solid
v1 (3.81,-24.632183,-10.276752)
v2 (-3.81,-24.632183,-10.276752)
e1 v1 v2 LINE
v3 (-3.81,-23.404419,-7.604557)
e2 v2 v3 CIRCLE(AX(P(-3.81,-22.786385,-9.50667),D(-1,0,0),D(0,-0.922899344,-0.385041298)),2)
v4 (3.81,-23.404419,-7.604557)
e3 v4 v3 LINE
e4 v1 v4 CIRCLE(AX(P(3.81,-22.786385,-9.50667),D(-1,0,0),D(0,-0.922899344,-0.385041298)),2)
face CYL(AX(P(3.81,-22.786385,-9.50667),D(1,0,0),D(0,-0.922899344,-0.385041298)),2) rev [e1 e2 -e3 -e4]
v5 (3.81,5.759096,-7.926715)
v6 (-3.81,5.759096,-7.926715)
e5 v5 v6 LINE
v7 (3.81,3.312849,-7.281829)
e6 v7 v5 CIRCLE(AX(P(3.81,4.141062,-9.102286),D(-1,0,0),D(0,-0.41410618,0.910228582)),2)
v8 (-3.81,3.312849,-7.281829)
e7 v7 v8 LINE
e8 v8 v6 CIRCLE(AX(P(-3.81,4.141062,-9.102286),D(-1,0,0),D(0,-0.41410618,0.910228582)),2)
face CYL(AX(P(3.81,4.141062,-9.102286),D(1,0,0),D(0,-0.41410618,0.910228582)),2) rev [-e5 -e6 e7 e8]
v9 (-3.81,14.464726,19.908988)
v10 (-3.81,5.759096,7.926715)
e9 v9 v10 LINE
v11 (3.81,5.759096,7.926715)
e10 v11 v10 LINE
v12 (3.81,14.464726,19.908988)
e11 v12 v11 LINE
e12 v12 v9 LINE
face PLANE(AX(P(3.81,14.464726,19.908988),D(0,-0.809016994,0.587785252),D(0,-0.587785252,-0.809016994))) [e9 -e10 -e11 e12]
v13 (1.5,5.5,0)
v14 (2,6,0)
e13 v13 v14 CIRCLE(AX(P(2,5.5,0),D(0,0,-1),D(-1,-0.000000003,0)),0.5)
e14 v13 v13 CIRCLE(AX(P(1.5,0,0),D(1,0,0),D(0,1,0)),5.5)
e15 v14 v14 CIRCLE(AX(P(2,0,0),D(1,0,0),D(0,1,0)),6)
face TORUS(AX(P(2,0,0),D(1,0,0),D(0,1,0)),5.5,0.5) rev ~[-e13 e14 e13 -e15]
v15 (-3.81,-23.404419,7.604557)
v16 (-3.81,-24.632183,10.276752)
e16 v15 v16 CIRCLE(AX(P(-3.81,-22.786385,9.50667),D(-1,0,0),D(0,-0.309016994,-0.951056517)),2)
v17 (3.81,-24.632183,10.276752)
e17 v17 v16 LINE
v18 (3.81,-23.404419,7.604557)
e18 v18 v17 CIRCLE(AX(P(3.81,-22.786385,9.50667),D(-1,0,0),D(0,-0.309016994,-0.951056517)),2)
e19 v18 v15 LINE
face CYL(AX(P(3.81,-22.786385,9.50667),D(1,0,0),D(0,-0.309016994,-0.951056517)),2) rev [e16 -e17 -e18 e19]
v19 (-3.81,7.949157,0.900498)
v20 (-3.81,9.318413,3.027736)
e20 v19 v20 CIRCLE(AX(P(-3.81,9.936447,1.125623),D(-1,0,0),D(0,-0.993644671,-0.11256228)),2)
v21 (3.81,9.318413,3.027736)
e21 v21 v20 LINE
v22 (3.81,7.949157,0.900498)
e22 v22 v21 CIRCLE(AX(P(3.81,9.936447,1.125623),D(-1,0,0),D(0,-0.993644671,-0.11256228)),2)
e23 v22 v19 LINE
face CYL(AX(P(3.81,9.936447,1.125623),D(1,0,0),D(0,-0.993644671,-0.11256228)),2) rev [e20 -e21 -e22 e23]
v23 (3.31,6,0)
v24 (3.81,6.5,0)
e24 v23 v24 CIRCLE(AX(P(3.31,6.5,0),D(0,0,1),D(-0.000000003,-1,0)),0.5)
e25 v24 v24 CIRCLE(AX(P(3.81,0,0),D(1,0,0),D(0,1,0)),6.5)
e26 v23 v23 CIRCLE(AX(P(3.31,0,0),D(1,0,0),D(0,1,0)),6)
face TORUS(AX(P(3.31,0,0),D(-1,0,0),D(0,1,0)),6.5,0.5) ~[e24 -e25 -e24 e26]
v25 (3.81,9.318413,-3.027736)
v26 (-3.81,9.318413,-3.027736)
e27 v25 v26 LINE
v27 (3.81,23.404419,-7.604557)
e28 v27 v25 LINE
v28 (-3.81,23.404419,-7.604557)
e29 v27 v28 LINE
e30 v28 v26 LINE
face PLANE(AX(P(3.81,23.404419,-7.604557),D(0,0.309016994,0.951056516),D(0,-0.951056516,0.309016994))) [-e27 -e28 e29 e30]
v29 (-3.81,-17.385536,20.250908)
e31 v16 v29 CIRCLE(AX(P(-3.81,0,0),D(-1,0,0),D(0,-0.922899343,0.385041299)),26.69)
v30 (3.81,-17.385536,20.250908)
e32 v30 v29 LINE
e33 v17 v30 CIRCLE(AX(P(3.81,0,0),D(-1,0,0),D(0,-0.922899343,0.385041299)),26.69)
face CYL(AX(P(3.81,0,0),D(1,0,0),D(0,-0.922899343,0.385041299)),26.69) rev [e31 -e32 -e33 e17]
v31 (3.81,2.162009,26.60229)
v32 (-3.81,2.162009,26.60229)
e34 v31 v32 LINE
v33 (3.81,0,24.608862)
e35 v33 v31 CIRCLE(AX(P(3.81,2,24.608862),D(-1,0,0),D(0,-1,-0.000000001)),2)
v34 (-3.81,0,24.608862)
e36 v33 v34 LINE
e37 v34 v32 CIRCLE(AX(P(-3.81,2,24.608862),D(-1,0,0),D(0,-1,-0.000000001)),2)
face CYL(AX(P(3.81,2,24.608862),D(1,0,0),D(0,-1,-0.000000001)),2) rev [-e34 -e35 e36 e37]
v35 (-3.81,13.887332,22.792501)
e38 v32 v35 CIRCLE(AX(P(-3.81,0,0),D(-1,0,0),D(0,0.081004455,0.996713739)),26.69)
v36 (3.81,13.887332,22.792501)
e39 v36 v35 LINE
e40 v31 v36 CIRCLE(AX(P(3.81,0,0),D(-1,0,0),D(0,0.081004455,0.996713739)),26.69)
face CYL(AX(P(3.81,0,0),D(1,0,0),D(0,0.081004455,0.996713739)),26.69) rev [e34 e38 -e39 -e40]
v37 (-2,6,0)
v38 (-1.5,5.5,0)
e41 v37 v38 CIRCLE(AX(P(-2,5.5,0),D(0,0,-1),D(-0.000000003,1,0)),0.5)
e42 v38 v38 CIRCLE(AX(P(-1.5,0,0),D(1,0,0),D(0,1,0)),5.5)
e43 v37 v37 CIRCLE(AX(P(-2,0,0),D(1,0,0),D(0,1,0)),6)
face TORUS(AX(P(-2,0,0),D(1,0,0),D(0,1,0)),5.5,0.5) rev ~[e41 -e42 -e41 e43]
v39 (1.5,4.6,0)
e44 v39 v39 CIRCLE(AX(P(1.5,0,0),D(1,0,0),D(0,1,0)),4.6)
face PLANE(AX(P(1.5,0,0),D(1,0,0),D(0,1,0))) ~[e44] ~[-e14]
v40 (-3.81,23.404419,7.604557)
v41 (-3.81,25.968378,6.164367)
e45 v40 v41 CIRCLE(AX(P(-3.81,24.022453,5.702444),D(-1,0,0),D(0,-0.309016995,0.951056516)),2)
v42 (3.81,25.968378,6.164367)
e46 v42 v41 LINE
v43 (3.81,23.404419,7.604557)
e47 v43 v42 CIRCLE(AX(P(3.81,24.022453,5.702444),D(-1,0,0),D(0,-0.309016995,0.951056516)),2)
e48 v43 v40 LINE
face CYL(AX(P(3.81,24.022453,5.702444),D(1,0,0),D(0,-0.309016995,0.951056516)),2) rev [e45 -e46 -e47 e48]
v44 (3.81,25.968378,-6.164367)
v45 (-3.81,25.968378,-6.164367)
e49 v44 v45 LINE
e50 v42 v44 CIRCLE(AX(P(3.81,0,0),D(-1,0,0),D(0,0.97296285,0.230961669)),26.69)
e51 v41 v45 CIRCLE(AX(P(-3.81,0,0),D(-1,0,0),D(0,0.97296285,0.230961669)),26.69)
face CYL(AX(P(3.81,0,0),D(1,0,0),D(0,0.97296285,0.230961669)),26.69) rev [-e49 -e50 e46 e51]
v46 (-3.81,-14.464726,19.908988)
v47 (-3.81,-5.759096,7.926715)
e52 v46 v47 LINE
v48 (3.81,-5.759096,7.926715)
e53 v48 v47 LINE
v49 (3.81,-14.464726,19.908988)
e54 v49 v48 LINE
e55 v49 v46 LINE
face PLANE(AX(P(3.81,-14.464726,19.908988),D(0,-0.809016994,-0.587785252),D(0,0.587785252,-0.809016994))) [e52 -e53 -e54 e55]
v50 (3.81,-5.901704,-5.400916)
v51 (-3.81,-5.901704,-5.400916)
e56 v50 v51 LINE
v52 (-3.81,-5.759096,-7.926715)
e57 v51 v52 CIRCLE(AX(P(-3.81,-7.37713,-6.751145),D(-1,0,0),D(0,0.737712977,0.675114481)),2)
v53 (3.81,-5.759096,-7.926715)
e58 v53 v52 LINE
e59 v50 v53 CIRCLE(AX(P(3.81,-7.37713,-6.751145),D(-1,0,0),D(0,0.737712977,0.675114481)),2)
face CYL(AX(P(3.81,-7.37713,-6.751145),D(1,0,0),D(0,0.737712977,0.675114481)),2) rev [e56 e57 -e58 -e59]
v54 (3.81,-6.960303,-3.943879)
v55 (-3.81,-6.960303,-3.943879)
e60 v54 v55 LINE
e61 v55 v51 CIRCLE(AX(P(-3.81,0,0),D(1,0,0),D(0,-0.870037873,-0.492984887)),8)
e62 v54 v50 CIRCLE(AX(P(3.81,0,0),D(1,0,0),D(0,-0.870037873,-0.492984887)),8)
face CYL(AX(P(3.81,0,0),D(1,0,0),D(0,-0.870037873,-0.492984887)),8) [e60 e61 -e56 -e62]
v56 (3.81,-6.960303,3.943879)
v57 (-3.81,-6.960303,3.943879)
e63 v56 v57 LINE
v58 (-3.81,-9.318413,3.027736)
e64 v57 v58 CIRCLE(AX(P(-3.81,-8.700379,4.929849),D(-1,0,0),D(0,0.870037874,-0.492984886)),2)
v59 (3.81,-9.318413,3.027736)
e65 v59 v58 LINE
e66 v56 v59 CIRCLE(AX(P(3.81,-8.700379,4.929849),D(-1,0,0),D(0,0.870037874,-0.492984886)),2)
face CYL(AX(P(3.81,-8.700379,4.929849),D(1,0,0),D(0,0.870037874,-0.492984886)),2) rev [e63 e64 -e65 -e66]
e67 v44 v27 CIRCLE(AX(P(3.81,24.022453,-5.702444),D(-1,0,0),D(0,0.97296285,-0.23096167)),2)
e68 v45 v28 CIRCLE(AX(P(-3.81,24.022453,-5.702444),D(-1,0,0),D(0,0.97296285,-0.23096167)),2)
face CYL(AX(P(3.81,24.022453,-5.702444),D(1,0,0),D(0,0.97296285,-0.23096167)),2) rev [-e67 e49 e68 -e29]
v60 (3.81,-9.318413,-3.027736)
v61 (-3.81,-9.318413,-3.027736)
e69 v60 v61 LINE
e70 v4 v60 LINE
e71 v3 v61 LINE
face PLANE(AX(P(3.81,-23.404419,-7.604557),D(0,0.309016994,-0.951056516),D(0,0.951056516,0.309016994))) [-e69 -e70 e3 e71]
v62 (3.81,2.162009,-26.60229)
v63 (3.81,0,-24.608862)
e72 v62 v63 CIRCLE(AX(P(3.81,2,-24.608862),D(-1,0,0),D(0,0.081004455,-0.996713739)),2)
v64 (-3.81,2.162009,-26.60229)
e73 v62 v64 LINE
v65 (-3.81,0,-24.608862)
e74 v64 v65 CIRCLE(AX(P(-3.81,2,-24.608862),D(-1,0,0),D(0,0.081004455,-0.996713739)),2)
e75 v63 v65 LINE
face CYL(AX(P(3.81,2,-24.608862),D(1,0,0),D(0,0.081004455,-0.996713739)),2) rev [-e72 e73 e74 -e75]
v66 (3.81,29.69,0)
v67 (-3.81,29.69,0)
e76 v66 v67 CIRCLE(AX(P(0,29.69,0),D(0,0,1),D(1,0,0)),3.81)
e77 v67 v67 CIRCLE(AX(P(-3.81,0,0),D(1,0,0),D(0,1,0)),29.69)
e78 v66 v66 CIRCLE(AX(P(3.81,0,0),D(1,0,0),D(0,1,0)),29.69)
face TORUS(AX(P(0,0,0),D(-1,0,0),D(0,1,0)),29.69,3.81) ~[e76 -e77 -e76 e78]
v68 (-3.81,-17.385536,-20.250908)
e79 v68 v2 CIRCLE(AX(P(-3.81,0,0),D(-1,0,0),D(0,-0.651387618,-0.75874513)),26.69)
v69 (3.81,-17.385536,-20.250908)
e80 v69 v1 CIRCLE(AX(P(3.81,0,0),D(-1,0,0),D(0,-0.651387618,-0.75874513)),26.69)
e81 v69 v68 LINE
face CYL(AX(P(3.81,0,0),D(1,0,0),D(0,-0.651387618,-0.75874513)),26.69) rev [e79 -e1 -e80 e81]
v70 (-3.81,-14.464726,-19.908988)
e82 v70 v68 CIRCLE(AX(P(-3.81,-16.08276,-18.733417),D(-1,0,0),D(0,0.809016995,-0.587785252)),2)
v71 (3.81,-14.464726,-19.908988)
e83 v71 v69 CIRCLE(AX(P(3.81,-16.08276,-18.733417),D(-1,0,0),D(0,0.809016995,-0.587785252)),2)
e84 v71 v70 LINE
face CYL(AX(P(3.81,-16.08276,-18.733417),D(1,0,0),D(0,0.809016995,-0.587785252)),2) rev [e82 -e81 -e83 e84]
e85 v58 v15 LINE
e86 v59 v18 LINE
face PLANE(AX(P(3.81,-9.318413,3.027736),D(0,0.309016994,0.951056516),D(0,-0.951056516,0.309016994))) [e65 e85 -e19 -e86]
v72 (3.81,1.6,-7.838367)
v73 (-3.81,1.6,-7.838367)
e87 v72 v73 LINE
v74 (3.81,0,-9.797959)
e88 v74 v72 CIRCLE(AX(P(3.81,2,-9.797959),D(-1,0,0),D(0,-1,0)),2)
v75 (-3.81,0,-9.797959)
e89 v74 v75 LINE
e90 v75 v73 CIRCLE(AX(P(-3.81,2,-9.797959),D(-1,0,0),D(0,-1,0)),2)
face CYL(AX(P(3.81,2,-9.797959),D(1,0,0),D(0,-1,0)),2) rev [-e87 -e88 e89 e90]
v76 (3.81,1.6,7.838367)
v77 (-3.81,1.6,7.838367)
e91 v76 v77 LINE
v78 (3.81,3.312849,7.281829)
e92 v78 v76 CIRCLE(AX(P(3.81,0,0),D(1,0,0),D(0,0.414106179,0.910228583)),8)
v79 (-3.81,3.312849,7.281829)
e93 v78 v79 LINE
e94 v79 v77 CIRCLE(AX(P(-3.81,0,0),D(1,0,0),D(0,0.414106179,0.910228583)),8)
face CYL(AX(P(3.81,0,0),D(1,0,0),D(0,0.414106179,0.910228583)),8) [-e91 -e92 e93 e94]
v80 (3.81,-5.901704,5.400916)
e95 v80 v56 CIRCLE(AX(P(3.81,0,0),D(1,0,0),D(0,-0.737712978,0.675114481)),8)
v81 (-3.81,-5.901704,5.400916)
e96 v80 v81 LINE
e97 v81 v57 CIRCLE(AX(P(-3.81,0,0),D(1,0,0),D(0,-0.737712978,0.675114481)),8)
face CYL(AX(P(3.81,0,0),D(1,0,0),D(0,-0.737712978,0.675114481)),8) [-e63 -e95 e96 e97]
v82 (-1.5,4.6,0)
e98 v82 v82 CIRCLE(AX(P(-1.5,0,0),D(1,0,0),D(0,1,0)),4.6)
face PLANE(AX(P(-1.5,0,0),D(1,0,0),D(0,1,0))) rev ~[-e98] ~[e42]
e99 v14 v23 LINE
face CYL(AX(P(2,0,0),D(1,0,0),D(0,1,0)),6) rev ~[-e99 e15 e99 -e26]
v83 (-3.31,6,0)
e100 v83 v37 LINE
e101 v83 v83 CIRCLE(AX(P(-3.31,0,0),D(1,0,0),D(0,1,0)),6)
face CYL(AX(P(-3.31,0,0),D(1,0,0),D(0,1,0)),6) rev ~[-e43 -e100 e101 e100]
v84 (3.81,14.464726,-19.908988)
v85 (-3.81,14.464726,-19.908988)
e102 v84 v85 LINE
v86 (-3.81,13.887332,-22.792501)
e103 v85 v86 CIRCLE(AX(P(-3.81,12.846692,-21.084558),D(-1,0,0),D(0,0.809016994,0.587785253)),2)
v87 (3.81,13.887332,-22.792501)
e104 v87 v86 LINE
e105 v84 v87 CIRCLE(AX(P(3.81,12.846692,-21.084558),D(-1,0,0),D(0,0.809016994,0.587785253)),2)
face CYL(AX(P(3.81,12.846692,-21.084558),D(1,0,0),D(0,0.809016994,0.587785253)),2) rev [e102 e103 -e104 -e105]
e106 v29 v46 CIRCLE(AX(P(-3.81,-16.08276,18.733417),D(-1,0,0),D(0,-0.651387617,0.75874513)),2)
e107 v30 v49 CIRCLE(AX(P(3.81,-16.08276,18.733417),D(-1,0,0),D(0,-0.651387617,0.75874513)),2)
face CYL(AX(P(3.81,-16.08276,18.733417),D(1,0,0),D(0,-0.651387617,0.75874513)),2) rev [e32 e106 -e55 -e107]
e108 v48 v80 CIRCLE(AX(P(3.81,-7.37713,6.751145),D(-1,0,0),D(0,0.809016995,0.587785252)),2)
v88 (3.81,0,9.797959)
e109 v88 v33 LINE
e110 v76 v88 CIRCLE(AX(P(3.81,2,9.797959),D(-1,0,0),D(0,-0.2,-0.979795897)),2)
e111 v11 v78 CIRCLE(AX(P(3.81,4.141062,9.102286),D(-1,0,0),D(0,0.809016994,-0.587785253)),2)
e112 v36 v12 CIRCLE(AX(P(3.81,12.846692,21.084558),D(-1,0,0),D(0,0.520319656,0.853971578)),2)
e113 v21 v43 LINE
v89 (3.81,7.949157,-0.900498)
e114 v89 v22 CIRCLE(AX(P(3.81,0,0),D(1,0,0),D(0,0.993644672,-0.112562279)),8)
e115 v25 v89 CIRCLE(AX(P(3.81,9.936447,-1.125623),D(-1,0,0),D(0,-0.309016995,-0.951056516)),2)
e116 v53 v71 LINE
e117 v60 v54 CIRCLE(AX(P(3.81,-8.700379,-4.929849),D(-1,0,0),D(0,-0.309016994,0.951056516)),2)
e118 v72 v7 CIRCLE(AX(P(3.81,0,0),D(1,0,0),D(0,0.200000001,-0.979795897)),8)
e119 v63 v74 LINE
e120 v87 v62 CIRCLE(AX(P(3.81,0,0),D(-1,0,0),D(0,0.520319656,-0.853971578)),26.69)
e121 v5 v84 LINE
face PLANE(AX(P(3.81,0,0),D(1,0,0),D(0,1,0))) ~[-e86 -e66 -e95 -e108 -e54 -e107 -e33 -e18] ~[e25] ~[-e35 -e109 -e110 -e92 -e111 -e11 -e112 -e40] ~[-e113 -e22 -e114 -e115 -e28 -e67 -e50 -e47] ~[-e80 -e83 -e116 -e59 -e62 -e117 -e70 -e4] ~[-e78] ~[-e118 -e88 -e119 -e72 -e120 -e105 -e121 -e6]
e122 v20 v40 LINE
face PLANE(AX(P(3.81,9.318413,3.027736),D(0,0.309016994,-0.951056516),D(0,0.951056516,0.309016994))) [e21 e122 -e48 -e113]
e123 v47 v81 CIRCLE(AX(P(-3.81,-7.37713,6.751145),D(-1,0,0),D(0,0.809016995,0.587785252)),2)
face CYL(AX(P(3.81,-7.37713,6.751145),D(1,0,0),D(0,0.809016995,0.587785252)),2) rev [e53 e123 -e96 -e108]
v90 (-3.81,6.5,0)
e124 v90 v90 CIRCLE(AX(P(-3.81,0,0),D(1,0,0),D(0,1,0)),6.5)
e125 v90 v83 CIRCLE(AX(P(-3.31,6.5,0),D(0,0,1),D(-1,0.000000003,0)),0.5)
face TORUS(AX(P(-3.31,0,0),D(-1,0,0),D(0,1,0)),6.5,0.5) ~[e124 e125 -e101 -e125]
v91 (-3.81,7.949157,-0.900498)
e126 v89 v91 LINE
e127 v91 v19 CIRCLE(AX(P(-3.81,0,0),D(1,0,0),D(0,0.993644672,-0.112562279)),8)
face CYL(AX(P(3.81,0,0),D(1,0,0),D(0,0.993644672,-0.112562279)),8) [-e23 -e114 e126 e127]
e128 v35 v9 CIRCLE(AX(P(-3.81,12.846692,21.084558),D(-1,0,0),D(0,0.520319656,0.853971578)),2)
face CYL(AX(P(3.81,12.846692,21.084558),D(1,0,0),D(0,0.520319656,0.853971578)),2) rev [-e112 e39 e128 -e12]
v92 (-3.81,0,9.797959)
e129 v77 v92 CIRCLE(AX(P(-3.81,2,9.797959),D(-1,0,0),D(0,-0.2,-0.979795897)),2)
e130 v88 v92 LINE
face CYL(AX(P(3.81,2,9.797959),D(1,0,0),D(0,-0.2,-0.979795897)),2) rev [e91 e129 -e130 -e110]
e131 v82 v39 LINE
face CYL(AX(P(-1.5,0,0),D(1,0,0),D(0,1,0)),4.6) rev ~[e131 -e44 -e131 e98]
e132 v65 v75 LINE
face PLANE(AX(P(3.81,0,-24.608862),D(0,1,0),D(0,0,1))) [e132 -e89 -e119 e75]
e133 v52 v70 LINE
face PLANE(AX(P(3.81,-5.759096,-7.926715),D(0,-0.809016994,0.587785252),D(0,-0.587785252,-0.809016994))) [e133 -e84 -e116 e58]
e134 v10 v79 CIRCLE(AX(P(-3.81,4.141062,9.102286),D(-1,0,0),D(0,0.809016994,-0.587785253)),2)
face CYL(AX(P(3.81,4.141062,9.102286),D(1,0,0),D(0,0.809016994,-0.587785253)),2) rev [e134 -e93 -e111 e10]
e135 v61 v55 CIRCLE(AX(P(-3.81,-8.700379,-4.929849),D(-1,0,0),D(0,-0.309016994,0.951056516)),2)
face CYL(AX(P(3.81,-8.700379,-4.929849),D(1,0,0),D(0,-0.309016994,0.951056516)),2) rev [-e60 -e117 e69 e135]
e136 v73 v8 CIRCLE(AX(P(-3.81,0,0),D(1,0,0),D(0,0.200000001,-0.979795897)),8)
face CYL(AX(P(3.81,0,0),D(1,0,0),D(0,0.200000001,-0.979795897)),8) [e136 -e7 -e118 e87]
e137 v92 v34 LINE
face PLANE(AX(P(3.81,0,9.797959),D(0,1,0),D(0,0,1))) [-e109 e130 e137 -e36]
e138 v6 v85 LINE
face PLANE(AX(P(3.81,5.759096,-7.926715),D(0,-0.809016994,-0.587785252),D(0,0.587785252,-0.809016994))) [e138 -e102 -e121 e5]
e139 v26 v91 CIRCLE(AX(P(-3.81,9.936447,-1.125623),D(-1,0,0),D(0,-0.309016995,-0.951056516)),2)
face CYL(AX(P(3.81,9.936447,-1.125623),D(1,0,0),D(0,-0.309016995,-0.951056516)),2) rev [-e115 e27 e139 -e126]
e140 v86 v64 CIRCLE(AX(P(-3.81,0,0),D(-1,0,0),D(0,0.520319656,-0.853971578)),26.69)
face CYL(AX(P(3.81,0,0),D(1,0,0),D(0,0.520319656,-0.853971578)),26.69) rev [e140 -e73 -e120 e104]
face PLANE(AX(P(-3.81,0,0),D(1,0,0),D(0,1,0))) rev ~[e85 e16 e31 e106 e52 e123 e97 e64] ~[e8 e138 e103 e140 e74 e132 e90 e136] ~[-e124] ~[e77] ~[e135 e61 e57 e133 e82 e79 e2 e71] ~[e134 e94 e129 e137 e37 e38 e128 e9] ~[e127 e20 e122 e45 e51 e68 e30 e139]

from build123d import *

# Parameters (mm, degrees)
CUT_EXTRUDE1_DEPTH = 7.62
CIRPATTERN1_COUNT  = 5


with BuildPart() as part:
    # Sketch3 → Revolve1 (revolve)
    with BuildSketch(Plane.XY):
        with BuildLine():
            Line((-1.5, 4.6), (1.5, 4.6))
            Line((1.5, 4.6), (1.5, 5.5))
            ThreePointArc((1.5, 5.5), (1.646446609, 5.853553391), (2, 6))
            Line((2, 6), (3.31, 6))
            ThreePointArc((3.31, 6), (3.663553391, 6.146446609), (3.81, 6.5))
            Line((3.81, 6.5), (3.81, 29.69))
            ThreePointArc((3.81, 29.69), (0, 33.5), (-3.81, 29.69))
            Line((-3.81, 29.69), (-3.81, 6.5))
            ThreePointArc((-3.81, 6.5), (-3.663553391, 6.146446609), (-3.31, 6))
            Line((-3.31, 6), (-2, 6))
            ThreePointArc((-2, 6), (-1.646446609, 5.853553391), (-1.5, 5.5))
            Line((-1.5, 5.5), (-1.5, 4.6))
        make_face()
    revolve(axis=Axis((0, 0, 0), (1, 0, 0)))

    # Sketch6 → Cut-Extrude1 (cut)
    with BuildSketch(Plane(origin=(3.81, 0, 0), x_dir=(0, 0, -1), z_dir=(1, 0, 0))):
        with BuildLine():
            Line((7.926715318, 5.759095786), (19.908987752, 14.464726291))
            ThreePointArc((19.908987752, 14.464726291), (21.477243007, 14.807763104), (22.792501412, 13.887331614))
            ThreePointArc((22.792501412, 13.887331614), (25.38369842, 8.24766358), (26.602289704, 2.16200891))
            ThreePointArc((26.602289704, 2.16200891), (26.079239357, 0.6442747), (24.608862225, 0))
            Line((24.608862225, 0), (9.797958971, 0))
            ThreePointArc((9.797958971, 0), (8.533047907, 0.450806662), (7.838367177, 1.6))
            ThreePointArc((7.838367177, 1.6), (7.60845213, 2.472135955), (7.281828658, 3.312849438))
            ThreePointArc((7.281828658, 3.312849438), (7.168358278, 4.650889467), (7.926715318, 5.759095786))
        make_face()
    cut_extrude1 = extrude(amount=-CUT_EXTRUDE1_DEPTH, mode=Mode.SUBTRACT)

    # CirPattern1: Cut-Extrude1 ×5 about axis
    cirpattern1_axis = Axis((0, 0, 0), (1, 0, 0))
    for i in range(1, CIRPATTERN1_COUNT):
        add(cut_extrude1.rotate(cirpattern1_axis, i * 360 / CIRPATTERN1_COUNT), mode=Mode.SUBTRACT)


solid = part.part
